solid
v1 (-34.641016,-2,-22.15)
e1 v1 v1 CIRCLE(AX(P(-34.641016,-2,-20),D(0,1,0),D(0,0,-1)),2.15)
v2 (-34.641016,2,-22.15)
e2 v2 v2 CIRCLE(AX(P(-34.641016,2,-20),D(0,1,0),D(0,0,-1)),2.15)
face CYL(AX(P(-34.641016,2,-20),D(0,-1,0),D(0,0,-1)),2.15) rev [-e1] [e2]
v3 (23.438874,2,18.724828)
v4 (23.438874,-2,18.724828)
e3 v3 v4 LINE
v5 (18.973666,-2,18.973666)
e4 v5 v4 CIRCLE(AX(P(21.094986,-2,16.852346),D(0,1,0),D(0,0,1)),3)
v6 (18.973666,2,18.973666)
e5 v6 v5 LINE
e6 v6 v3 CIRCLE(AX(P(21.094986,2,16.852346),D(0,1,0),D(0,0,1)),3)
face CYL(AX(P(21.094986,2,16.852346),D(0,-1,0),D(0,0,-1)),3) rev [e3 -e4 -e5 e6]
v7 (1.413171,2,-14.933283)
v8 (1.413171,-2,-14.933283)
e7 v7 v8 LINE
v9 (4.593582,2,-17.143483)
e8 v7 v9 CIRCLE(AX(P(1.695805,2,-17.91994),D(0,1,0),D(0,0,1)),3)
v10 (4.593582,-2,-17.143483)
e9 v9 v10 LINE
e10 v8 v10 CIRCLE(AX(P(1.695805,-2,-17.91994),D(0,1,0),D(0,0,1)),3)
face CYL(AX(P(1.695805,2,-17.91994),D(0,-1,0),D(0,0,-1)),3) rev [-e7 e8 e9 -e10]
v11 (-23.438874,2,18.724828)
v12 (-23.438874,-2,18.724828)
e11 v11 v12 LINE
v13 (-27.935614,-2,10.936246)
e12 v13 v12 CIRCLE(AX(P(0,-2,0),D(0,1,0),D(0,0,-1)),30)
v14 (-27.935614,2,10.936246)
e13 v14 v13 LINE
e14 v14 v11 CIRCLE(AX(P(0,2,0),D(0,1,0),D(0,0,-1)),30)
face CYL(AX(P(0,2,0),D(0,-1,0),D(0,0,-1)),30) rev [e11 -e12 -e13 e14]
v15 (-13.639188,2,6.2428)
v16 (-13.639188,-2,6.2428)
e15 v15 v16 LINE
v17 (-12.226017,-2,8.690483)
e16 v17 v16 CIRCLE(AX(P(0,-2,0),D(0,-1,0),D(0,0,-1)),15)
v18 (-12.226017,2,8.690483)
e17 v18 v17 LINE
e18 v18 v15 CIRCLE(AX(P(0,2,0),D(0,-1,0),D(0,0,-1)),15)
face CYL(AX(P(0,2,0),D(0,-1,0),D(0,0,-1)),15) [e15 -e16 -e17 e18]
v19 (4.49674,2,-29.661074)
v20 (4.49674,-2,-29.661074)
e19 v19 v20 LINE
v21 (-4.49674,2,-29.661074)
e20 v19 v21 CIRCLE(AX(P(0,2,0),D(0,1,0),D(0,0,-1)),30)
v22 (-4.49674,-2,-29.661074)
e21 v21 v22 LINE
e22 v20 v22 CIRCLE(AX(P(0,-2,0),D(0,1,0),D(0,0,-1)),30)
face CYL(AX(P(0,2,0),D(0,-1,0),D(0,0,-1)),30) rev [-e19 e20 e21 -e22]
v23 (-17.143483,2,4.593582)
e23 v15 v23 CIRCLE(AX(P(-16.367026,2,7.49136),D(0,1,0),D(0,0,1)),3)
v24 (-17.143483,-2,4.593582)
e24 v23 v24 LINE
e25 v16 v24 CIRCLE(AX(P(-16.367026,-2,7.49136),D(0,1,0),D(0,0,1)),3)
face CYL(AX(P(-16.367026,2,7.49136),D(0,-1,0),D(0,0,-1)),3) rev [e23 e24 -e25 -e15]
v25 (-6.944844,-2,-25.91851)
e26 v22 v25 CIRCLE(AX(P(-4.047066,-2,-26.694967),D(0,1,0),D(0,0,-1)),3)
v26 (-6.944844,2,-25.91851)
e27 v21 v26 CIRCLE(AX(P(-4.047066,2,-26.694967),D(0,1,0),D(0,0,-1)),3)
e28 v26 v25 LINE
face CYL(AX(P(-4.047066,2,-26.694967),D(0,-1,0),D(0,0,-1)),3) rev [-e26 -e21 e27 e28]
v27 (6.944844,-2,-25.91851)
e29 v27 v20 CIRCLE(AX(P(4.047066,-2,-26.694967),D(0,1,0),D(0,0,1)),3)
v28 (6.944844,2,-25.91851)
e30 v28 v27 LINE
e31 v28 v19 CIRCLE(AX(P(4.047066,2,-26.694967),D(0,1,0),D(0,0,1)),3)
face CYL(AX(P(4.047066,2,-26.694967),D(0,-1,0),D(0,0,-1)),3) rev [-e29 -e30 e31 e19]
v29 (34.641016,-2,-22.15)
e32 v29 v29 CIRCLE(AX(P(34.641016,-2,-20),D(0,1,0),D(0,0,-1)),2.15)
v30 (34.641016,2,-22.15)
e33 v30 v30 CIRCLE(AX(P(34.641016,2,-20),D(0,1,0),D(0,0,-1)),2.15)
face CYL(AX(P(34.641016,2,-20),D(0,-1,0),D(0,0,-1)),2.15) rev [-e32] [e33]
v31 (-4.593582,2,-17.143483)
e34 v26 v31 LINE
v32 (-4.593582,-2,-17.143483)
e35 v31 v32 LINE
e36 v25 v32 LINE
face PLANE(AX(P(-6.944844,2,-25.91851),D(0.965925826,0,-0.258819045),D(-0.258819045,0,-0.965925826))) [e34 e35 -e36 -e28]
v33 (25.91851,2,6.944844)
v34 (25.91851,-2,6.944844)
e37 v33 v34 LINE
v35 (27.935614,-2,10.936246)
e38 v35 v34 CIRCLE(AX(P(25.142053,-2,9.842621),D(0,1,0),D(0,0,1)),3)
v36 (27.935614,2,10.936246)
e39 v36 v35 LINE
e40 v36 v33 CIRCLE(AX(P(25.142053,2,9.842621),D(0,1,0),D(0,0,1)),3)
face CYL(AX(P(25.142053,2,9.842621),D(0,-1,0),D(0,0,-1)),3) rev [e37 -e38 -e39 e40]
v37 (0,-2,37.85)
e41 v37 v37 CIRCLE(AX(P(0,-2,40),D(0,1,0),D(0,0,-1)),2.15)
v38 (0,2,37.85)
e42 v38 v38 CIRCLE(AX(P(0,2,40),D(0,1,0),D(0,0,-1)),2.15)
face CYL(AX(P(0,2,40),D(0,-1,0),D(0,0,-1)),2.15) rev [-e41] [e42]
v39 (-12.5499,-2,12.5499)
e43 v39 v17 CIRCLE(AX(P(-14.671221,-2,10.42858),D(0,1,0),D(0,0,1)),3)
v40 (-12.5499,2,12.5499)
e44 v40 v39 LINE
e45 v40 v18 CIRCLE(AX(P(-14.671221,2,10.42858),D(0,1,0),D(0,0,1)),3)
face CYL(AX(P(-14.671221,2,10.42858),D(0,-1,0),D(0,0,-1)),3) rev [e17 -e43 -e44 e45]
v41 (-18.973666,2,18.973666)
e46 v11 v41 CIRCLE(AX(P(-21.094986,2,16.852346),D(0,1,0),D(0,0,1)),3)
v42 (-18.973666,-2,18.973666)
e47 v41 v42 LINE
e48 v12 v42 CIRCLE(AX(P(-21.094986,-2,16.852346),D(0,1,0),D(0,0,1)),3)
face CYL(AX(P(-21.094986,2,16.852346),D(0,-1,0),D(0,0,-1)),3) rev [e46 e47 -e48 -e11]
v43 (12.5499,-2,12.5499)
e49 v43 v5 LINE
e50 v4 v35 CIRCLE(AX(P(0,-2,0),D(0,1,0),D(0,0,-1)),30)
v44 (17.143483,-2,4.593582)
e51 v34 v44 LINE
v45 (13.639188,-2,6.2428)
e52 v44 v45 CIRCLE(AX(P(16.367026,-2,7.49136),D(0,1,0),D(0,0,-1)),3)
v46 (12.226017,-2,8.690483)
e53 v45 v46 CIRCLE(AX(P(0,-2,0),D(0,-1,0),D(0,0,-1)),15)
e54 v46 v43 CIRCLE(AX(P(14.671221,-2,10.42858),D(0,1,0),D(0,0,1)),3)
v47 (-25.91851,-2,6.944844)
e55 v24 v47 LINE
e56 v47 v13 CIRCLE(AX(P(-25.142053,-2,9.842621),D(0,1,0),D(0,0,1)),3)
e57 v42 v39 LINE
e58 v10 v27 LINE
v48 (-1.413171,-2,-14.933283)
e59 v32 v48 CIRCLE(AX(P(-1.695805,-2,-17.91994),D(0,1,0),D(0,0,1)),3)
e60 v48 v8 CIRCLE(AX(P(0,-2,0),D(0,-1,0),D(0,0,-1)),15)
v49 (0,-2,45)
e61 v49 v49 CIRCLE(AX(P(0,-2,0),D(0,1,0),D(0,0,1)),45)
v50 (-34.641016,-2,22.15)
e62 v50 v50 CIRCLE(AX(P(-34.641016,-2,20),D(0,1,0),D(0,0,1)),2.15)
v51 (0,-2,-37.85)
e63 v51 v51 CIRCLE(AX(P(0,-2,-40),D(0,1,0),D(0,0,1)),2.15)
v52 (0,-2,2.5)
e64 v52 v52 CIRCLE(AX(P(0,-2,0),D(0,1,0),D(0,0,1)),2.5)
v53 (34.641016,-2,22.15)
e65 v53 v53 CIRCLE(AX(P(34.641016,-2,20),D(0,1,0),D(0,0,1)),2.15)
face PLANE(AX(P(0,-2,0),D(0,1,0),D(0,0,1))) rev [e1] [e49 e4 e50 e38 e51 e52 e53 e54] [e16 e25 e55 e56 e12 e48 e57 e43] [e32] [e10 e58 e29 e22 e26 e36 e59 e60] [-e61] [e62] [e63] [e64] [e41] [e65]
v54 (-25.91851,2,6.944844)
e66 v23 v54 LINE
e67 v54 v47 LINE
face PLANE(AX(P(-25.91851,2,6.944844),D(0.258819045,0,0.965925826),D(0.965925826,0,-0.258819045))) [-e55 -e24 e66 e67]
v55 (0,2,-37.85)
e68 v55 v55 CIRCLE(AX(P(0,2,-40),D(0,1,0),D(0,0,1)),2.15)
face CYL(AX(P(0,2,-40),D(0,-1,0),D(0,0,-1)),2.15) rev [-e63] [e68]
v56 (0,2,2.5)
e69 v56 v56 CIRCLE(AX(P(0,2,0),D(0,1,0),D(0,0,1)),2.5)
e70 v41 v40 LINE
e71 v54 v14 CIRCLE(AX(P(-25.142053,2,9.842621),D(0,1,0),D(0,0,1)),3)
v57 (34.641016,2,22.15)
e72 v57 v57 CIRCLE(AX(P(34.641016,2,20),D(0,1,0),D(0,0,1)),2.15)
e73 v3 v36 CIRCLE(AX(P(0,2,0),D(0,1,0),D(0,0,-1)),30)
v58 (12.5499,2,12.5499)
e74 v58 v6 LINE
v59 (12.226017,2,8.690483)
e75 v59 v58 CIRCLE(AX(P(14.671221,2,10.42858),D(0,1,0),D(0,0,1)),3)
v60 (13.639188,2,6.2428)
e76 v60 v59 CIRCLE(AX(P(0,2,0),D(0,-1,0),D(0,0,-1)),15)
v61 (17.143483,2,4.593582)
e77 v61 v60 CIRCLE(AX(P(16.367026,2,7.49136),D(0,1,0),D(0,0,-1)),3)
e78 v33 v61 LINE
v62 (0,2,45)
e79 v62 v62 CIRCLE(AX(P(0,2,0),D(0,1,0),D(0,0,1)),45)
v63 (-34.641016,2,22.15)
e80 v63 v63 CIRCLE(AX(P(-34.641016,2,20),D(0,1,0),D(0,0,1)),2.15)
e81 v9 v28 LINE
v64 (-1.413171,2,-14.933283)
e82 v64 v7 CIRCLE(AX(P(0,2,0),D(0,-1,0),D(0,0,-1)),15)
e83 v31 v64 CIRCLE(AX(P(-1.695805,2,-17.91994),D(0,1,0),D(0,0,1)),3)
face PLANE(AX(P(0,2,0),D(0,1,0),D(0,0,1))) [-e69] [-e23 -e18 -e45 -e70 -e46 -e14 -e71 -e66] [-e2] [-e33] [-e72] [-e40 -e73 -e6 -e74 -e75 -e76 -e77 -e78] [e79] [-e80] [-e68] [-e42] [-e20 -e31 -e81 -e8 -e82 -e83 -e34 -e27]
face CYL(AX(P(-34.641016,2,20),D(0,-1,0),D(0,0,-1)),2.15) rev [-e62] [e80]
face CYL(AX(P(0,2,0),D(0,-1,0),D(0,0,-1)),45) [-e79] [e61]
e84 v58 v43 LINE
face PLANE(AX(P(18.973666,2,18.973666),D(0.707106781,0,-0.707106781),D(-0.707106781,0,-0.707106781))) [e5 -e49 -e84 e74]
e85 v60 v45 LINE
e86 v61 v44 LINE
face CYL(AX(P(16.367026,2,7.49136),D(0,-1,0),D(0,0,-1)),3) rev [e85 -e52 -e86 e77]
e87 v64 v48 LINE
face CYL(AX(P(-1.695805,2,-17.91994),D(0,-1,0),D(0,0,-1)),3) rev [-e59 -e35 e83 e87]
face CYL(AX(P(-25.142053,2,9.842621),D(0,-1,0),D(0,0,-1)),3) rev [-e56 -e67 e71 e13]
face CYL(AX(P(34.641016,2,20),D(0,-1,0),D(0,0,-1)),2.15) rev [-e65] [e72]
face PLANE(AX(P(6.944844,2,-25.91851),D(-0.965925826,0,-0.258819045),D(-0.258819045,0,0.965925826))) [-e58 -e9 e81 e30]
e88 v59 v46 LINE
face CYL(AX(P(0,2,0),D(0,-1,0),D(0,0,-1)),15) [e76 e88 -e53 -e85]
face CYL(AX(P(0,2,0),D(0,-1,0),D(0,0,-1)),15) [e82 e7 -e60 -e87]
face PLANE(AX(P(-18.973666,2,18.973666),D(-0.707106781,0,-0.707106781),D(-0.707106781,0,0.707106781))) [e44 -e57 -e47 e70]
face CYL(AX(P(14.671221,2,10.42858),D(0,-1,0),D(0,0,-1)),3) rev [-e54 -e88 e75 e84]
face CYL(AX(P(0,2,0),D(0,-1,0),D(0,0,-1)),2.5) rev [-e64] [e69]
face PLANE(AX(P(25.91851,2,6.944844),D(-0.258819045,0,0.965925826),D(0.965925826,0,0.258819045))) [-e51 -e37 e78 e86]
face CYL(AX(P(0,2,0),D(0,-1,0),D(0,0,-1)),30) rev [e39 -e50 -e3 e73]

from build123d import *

# Parameters (mm, degrees)
SKETCH_1_R      = 45
SKETCH_1_R_2    = 2.15
SKETCH_1_R_3    = 2.5
EXTRUDE_1_DEPTH = 2


with BuildPart() as part:
    # Эскиз1 → Бобышка-Вытянуть1 (new, symmetric)
    with BuildSketch(Plane(origin=(0, 0, 0), x_dir=(1, 0, 0), z_dir=(0, 1, 0))):
        with Locations(Location((0, 0, 0), (0, 0, 270))):
            Circle(SKETCH_1_R)
        with Locations(Location((0, 40, 0), (0, 0, 270))):
            Circle(SKETCH_1_R_2, mode=Mode.SUBTRACT)
        with Locations(Location((0, -40, 0), (0, 0, 90))):
            Circle(SKETCH_1_R_2, mode=Mode.SUBTRACT)
        with Locations(Location((34.641016151, -20, 0), (0, 0, 270))):
            Circle(SKETCH_1_R_2, mode=Mode.SUBTRACT)
        with Locations(Location((-34.641016151, 20, 0), (0, 0, 90))):
            Circle(SKETCH_1_R_2, mode=Mode.SUBTRACT)
        with Locations(Location((-34.641016151, -20, 0), (0, 0, 270))):
            Circle(SKETCH_1_R_2, mode=Mode.SUBTRACT)
        with Locations(Location((34.641016151, 20, 0), (0, 0, 90))):
            Circle(SKETCH_1_R_2, mode=Mode.SUBTRACT)
        with Locations(Location((0, 0, 0), (0, 0, 270))):
            Circle(SKETCH_1_R_3, mode=Mode.SUBTRACT)
        with BuildLine():
            Line((-6.944843745, 25.918509706), (-4.593582361, 17.143482759))
            ThreePointArc((-4.593582361, 17.143482759), (-3.407818063, 15.456403642), (-1.413170735, 14.933283245))
            ThreePointArc((-1.413170735, 14.933283245), (0, 15), (1.413170735, 14.933283245))
            ThreePointArc((1.413170735, 14.933283245), (3.407818063, 15.456403642), (4.593582361, 17.143482759))
            Line((4.593582361, 17.143482759), (6.944843745, 25.918509706))
            ThreePointArc((6.944843745, 25.918509706), (6.557654897, 28.33720456), (4.496740295, 29.661074268))
            ThreePointArc((4.496740295, 29.661074268), (0, 30), (-4.496740295, 29.661074268))
            ThreePointArc((-4.496740295, 29.661074268), (-6.557654897, 28.33720456), (-6.944843745, 25.918509706))
        make_face(mode=Mode.SUBTRACT)
        with BuildLine():
            Line((18.973665961, -18.973665961), (12.549900398, -12.549900398))
            ThreePointArc((12.549900398, -12.549900398), (11.681729173, -10.679458835), (12.226017285, -8.690483379))
            ThreePointArc((12.226017285, -8.690483379), (12.990381057, -7.5), (13.639188019, -6.242799866))
            ThreePointArc((13.639188019, -6.242799866), (15.089547237, -4.776944806), (17.143482759, -4.593582361))
            Line((17.143482759, -4.593582361), (25.918509706, -6.944843745))
            ThreePointArc((25.918509706, -6.944843745), (27.819566469, -8.48950655), (27.935613967, -10.936245804))
            ThreePointArc((27.935613967, -10.936245804), (25.980762114, -15), (23.438873672, -18.724828464))
            ThreePointArc((23.438873672, -18.724828464), (21.261911572, -19.84769801), (18.973665961, -18.973665961))
        make_face(mode=Mode.SUBTRACT)
        with BuildLine():
            Line((-25.918509706, -6.944843745), (-17.143482759, -4.593582361))
            ThreePointArc((-17.143482759, -4.593582361), (-15.089547237, -4.776944806), (-13.639188019, -6.242799866))
            ThreePointArc((-13.639188019, -6.242799866), (-12.990381057, -7.5), (-12.226017285, -8.690483379))
            ThreePointArc((-12.226017285, -8.690483379), (-11.681729173, -10.679458835), (-12.549900398, -12.549900398))
            Line((-12.549900398, -12.549900398), (-18.973665961, -18.973665961))
            ThreePointArc((-18.973665961, -18.973665961), (-21.261911572, -19.84769801), (-23.438873672, -18.724828464))
            ThreePointArc((-23.438873672, -18.724828464), (-25.980762114, -15), (-27.935613967, -10.936245804))
            ThreePointArc((-27.935613967, -10.936245804), (-27.819566469, -8.48950655), (-25.918509706, -6.944843745))
        make_face(mode=Mode.SUBTRACT)
    extrude(amount=EXTRUDE_1_DEPTH, both=True)


solid = part.part
